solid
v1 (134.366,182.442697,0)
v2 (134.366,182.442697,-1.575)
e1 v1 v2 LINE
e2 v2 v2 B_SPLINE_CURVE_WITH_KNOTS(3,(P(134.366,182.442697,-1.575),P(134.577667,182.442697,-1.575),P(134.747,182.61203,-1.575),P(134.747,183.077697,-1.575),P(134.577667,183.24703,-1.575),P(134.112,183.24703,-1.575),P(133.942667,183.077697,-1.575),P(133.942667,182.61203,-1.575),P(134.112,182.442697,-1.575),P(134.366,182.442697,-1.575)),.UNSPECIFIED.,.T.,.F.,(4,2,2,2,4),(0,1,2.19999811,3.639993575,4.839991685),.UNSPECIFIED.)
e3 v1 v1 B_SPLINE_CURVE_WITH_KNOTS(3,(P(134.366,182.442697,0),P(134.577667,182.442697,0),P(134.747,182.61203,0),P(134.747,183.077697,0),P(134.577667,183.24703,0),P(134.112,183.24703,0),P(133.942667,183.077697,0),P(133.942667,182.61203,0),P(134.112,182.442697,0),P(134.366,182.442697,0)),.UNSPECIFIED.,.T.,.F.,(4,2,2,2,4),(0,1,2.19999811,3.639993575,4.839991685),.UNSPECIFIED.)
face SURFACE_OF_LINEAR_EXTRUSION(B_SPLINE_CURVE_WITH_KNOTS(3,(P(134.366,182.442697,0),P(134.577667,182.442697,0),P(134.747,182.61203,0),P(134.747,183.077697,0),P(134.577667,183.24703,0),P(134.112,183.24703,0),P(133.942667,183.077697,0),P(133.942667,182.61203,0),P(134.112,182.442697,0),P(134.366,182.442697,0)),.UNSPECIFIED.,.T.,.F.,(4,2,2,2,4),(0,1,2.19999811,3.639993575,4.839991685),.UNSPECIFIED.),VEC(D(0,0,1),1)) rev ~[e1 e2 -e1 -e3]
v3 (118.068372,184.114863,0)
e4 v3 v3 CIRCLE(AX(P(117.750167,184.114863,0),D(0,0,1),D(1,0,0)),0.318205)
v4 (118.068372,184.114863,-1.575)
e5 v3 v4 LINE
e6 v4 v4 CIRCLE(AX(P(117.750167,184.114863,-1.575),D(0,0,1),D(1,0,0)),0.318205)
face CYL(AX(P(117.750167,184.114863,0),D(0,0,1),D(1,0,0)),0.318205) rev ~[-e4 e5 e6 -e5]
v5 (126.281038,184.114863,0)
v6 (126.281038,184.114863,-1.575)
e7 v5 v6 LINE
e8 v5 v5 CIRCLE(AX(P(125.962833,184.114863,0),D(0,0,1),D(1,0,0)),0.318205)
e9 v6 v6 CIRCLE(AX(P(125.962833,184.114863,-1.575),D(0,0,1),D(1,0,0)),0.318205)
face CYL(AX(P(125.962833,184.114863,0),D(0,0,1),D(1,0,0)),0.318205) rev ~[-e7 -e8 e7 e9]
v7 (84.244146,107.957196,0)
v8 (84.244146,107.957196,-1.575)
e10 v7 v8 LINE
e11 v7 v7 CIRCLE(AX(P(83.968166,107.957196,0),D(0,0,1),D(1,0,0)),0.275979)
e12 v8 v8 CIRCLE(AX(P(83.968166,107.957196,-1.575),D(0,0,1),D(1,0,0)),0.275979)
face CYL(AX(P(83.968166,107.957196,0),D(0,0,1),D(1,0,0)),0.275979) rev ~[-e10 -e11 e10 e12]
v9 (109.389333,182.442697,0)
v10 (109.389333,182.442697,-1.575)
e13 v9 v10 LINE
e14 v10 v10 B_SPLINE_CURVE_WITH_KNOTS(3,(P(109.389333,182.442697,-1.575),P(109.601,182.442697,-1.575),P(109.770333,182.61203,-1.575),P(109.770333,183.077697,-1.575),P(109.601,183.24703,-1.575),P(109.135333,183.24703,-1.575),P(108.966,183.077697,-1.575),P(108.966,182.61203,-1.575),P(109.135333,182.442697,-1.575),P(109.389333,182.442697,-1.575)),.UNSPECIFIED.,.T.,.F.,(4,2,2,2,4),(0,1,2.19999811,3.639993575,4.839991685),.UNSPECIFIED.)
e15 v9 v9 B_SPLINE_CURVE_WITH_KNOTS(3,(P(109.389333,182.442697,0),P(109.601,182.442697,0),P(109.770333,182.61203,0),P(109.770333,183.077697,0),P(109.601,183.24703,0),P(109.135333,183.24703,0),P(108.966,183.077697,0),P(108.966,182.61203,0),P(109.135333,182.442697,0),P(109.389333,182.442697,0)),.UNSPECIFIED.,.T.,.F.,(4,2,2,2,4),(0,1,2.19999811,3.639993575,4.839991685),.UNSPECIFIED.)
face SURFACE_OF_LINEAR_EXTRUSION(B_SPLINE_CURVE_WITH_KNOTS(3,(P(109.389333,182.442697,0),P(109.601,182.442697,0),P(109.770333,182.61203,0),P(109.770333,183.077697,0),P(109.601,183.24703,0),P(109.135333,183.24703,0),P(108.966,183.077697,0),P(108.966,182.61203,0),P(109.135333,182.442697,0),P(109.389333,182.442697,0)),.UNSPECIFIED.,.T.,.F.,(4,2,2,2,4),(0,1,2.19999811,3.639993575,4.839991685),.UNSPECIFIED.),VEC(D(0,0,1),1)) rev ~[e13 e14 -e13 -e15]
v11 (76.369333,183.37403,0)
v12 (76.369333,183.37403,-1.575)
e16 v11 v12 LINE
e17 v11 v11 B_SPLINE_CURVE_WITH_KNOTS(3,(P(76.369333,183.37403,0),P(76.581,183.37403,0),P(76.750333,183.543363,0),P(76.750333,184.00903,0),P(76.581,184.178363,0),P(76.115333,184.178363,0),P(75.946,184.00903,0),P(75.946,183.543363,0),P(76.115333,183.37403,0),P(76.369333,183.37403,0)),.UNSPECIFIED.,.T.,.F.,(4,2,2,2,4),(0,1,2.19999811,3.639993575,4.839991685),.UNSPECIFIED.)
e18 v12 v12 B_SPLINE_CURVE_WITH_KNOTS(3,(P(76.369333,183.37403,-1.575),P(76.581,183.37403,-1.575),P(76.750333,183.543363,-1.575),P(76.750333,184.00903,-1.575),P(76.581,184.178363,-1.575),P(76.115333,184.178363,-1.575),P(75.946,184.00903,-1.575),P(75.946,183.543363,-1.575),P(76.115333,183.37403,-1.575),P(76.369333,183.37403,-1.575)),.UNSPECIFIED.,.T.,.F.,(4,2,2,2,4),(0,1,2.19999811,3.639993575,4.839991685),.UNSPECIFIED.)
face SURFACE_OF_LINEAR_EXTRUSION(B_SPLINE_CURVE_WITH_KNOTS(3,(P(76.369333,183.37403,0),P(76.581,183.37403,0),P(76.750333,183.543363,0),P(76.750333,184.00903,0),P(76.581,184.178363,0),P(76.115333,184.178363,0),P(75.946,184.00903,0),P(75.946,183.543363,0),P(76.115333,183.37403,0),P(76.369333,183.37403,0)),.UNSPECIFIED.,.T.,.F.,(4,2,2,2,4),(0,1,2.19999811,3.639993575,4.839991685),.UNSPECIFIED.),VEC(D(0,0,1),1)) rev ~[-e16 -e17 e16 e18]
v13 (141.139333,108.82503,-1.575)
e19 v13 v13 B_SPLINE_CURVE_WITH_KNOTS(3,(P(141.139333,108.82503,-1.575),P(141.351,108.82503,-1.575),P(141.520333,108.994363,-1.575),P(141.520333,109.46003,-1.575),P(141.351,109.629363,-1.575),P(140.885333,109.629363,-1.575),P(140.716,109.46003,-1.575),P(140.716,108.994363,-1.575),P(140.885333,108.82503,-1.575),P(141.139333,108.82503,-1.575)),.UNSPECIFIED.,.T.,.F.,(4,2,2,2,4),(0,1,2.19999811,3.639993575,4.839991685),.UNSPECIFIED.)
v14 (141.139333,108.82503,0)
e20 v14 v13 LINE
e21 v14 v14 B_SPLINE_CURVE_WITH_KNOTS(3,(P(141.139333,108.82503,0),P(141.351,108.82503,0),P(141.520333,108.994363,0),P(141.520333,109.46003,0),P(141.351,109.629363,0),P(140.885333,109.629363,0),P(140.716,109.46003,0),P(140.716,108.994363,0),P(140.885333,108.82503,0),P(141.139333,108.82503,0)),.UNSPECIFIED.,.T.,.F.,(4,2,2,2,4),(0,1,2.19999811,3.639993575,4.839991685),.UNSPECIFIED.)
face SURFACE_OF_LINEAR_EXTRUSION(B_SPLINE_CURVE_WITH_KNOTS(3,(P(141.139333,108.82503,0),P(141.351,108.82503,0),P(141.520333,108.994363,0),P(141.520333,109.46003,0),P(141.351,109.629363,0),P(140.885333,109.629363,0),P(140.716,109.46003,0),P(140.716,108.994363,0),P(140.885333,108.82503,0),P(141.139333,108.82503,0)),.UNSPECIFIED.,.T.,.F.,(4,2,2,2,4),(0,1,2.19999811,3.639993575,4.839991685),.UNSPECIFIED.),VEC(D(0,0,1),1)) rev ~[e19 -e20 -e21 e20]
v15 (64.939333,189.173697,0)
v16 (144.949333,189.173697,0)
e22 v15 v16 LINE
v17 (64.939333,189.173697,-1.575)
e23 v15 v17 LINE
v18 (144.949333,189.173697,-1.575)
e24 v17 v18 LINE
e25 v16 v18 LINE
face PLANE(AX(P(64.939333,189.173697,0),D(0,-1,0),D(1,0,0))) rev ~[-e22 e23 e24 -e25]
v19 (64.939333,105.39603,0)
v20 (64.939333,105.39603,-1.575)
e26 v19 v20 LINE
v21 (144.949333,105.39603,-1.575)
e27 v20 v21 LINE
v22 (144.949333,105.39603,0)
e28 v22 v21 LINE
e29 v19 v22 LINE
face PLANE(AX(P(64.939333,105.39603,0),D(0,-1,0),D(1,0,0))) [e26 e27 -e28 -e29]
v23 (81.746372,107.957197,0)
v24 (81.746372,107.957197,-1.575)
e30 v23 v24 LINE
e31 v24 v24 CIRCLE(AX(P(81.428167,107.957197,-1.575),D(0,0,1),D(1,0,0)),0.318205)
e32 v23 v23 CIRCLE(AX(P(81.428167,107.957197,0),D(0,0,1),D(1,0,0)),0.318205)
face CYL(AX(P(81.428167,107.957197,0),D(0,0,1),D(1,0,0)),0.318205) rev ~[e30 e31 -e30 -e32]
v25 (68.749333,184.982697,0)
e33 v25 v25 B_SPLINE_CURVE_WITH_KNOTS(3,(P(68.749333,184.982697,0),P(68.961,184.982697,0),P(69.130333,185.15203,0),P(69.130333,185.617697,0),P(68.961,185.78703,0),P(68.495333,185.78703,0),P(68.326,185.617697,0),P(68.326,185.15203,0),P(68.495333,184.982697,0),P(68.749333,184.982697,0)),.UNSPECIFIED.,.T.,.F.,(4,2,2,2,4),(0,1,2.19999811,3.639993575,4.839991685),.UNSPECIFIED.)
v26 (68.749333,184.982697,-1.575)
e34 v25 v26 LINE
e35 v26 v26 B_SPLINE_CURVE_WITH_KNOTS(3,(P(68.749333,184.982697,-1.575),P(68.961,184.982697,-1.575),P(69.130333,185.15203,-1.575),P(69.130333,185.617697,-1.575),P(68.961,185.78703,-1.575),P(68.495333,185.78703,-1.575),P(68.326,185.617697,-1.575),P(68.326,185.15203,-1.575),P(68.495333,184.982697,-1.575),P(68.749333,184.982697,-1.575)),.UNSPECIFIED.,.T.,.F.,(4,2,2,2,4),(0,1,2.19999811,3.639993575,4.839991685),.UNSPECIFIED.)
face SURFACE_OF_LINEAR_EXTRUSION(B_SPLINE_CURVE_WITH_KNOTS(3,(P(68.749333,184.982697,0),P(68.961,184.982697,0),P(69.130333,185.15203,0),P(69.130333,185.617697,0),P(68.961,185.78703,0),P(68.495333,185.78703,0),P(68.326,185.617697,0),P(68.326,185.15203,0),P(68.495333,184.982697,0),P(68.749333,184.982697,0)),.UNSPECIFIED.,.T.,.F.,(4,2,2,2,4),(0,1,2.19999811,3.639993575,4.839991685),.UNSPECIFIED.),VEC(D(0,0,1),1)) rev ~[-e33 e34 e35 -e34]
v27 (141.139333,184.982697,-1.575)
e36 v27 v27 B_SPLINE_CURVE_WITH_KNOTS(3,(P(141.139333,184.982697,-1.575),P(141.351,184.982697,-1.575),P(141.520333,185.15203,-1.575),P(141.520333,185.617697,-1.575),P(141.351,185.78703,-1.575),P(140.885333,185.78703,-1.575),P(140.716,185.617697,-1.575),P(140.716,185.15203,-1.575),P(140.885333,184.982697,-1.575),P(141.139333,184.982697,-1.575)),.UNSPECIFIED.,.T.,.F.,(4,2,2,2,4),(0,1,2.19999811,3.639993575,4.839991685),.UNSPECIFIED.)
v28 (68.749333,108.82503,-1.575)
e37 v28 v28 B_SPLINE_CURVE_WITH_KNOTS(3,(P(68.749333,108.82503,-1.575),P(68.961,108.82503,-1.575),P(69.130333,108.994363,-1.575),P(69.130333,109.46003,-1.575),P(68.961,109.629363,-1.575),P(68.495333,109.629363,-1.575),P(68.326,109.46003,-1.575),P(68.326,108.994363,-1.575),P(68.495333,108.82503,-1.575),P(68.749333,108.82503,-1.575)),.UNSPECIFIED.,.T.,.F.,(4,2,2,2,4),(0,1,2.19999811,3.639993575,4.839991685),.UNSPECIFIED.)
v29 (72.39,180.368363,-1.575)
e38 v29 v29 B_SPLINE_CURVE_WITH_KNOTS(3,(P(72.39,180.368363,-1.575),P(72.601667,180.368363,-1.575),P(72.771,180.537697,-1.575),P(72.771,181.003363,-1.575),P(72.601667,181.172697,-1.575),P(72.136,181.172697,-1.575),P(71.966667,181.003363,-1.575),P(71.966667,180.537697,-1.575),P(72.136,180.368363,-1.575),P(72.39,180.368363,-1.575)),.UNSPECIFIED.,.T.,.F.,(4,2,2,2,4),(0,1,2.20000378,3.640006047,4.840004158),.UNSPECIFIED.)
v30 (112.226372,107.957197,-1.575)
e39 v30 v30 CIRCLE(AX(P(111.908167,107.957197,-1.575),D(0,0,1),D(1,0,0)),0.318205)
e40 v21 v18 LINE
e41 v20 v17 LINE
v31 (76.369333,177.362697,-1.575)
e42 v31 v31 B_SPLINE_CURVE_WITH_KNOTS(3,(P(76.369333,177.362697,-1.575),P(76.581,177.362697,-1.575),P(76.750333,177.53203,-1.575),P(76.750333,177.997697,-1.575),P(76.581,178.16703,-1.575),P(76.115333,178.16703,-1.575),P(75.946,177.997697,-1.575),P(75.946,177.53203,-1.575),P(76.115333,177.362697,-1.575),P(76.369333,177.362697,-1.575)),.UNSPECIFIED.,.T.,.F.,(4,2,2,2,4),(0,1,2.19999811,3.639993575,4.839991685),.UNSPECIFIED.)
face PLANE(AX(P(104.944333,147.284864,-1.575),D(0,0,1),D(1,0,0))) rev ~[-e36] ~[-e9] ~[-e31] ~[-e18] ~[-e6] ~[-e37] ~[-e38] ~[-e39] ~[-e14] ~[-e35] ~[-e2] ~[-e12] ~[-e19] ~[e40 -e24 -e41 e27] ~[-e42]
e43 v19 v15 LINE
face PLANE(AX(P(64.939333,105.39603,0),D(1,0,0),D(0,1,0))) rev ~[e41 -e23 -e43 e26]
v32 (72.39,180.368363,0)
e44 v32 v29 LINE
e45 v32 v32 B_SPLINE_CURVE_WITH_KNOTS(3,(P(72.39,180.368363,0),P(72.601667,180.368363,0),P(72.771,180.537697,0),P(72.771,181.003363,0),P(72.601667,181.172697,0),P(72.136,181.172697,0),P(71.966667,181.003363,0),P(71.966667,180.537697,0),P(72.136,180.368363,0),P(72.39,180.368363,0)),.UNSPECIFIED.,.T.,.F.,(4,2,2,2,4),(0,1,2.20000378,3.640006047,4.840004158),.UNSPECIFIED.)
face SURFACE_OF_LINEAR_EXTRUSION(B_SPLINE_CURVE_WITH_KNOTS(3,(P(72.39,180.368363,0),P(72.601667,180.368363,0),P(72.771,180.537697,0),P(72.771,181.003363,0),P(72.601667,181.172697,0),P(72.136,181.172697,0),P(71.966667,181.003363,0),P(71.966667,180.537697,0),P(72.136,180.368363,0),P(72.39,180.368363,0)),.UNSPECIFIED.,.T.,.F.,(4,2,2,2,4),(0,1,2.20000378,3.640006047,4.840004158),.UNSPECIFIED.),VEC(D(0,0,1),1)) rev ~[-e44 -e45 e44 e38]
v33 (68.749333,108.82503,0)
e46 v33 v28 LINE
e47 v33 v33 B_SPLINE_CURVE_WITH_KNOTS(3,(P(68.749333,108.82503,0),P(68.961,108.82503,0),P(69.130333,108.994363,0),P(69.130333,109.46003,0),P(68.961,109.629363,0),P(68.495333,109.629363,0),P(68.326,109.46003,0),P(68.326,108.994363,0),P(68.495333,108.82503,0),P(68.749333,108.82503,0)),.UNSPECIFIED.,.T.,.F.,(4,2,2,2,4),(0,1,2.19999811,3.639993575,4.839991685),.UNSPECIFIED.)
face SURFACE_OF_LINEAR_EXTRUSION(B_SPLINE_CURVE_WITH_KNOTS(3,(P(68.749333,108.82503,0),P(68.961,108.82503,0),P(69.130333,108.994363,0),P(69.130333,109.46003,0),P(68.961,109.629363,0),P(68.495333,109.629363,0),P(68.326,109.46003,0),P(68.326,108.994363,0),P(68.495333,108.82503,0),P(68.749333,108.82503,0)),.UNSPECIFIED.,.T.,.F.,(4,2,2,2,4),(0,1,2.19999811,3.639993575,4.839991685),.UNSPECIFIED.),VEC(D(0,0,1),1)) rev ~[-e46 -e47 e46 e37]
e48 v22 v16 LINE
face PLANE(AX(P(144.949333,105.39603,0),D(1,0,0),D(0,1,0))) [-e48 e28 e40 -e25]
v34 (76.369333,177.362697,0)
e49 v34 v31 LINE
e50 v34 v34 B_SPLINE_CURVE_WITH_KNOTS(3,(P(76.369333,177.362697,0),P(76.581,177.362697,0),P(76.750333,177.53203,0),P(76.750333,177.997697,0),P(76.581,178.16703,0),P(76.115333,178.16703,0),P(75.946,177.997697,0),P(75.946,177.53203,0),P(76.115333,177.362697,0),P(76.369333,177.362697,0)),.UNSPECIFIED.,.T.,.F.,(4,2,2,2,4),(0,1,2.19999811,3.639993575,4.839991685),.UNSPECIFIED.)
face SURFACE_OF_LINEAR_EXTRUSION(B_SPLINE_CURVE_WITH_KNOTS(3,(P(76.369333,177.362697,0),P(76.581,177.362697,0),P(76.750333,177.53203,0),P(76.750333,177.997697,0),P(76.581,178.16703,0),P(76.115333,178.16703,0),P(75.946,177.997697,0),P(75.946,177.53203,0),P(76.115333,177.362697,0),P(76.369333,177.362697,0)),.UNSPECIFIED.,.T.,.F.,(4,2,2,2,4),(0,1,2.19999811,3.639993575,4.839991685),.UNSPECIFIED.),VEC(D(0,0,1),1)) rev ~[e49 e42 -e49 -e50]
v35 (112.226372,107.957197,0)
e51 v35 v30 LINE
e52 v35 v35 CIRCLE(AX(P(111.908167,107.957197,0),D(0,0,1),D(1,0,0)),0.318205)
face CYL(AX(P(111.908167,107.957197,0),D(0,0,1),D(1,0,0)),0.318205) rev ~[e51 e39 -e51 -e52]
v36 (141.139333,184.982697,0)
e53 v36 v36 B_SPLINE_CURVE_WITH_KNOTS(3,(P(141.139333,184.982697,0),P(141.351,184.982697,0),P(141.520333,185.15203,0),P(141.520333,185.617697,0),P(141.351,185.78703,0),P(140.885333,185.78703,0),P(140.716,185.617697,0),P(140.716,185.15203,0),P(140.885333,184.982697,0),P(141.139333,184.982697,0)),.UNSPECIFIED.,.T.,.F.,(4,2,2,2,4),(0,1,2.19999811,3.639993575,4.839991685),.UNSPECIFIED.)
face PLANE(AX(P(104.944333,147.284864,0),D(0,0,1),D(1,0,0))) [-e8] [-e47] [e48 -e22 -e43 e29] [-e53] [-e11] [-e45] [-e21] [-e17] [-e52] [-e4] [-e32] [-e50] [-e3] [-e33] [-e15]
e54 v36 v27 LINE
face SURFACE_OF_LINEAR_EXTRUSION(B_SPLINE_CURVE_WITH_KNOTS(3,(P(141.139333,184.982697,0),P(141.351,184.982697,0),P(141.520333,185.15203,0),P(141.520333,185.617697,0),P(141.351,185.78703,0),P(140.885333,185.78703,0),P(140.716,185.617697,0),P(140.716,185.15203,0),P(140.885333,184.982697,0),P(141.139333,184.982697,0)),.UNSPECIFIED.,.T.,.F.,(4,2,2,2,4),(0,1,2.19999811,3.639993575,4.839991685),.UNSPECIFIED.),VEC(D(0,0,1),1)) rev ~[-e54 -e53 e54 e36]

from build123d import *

# Parameters (mm, degrees)
MODEL_W             = 80.01
MODEL_H             = 83.777667
BOSS_EXTRUDE1_DEPTH = 1.575
MODEL_6_R           = 0.318204791
CUT_EXTRUDE4_DEPTH  = 10
MODEL_8_R           = 0.318204729
CUT_EXTRUDE5_DEPTH  = 239.326409502
MODEL_9_R           = 0.27597939
CUT_EXTRUDE6_DEPTH  = 239.326409502
MODEL_10_R          = 0.3182048
CUT_EXTRUDE7_DEPTH  = 239.326409502
MODEL_12_R          = 0.3182048
CUT_EXTRUDE10_DEPTH = 239.326409502


with BuildPart() as part:
    # Model → Boss-Extrude1 (new body)
    with BuildSketch(Plane.XY):
        with Locations((104.944333, 147.2848635)):
            Rectangle(MODEL_W, MODEL_H)
        with BuildLine():
            add(Edge.make_bspline(
                [(76.750333, 177.743697), (76.750333, 177.997697), (76.581, 178.16703), (76.369333, 178.16703)],
                knots=[0, 0, 0, 0, 1, 1, 1, 1], degree=3))
            add(Edge.make_bspline(
                [(76.369333, 178.16703), (76.115333, 178.16703), (75.946, 177.997697), (75.946, 177.743697)],
                knots=[0, 0, 0, 0, 1, 1, 1, 1], degree=3))
            add(Edge.make_bspline(
                [(75.946, 177.743697), (75.946, 177.53203), (76.115333, 177.362697), (76.369333, 177.362697)],
                knots=[0, 0, 0, 0, 1, 1, 1, 1], degree=3))
            add(Edge.make_bspline(
                [(76.369333, 177.362697), (76.581, 177.362697), (76.750333, 177.53203), (76.750333, 177.743697)],
                knots=[0, 0, 0, 0, 1, 1, 1, 1], degree=3))
        make_face(mode=Mode.SUBTRACT)
        with BuildLine():
            add(Edge.make_bspline(
                [(76.750333, 183.75503), (76.750333, 184.00903), (76.581, 184.178363), (76.369333, 184.178363)],
                knots=[0, 0, 0, 0, 1, 1, 1, 1], degree=3))
            add(Edge.make_bspline(
                [(76.369333, 184.178363), (76.115333, 184.178363), (75.946, 184.00903), (75.946, 183.75503)],
                knots=[0, 0, 0, 0, 1, 1, 1, 1], degree=3))
            add(Edge.make_bspline(
                [(75.946, 183.75503), (75.946, 183.543363), (76.115333, 183.37403), (76.369333, 183.37403)],
                knots=[0, 0, 0, 0, 1, 1, 1, 1], degree=3))
            add(Edge.make_bspline(
                [(76.369333, 183.37403), (76.581, 183.37403), (76.750333, 183.543363), (76.750333, 183.75503)],
                knots=[0, 0, 0, 0, 1, 1, 1, 1], degree=3))
        make_face(mode=Mode.SUBTRACT)
        with BuildLine():
            add(Edge.make_bspline(
                [(72.771, 180.749363), (72.771, 181.003363), (72.601667, 181.172697), (72.39, 181.172697)],
                knots=[0, 0, 0, 0, 1, 1, 1, 1], degree=3))
            add(Edge.make_bspline(
                [(72.39, 181.172697), (72.136, 181.172697), (71.966667, 181.003363), (71.966667, 180.749363)],
                knots=[0, 0, 0, 0, 1, 1, 1, 1], degree=3))
            add(Edge.make_bspline(
                [(71.966667, 180.749363), (71.966667, 180.537697), (72.136, 180.368363), (72.39, 180.368363)],
                knots=[0, 0, 0, 0, 1, 1, 1, 1], degree=3))
            add(Edge.make_bspline(
                [(72.39, 180.368363), (72.601667, 180.368363), (72.771, 180.537697), (72.771, 180.749363)],
                knots=[0, 0, 0, 0, 1, 1, 1, 1], degree=3))
        make_face(mode=Mode.SUBTRACT)
        with BuildLine():
            add(Edge.make_bspline(
                [(109.770333, 182.823697), (109.770333, 183.077697), (109.601, 183.24703), (109.389333, 183.24703)],
                knots=[0, 0, 0, 0, 1, 1, 1, 1], degree=3))
            add(Edge.make_bspline(
                [(109.389333, 183.24703), (109.135333, 183.24703), (108.966, 183.077697), (108.966, 182.823697)],
                knots=[0, 0, 0, 0, 1, 1, 1, 1], degree=3))
            add(Edge.make_bspline(
                [(108.966, 182.823697), (108.966, 182.61203), (109.135333, 182.442697), (109.389333, 182.442697)],
                knots=[0, 0, 0, 0, 1, 1, 1, 1], degree=3))
            add(Edge.make_bspline(
                [(109.389333, 182.442697), (109.601, 182.442697), (109.770333, 182.61203), (109.770333, 182.823697)],
                knots=[0, 0, 0, 0, 1, 1, 1, 1], degree=3))
        make_face(mode=Mode.SUBTRACT)
        with BuildLine():
            add(Edge.make_bspline(
                [(134.747, 182.823697), (134.747, 183.077697), (134.577667, 183.24703), (134.366, 183.24703)],
                knots=[0, 0, 0, 0, 1, 1, 1, 1], degree=3))
            add(Edge.make_bspline(
                [(134.366, 183.24703), (134.112, 183.24703), (133.942667, 183.077697), (133.942667, 182.823697)],
                knots=[0, 0, 0, 0, 1, 1, 1, 1], degree=3))
            add(Edge.make_bspline(
                [(133.942667, 182.823697), (133.942667, 182.61203), (134.112, 182.442697), (134.366, 182.442697)],
                knots=[0, 0, 0, 0, 1, 1, 1, 1], degree=3))
            add(Edge.make_bspline(
                [(134.366, 182.442697), (134.577667, 182.442697), (134.747, 182.61203), (134.747, 182.823697)],
                knots=[0, 0, 0, 0, 1, 1, 1, 1], degree=3))
        make_face(mode=Mode.SUBTRACT)
        with BuildLine():
            add(Edge.make_bspline(
                [(141.520333, 109.20603), (141.520333, 109.46003), (141.351, 109.629363), (141.139333, 109.629363)],
                knots=[0, 0, 0, 0, 1, 1, 1, 1], degree=3))
            add(Edge.make_bspline(
                [(141.139333, 109.629363), (140.885333, 109.629363), (140.716, 109.46003), (140.716, 109.20603)],
                knots=[0, 0, 0, 0, 1, 1, 1, 1], degree=3))
            add(Edge.make_bspline(
                [(140.716, 109.20603), (140.716, 108.994363), (140.885333, 108.82503), (141.139333, 108.82503)],
                knots=[0, 0, 0, 0, 1, 1, 1, 1], degree=3))
            add(Edge.make_bspline(
                [(141.139333, 108.82503), (141.351, 108.82503), (141.520333, 108.994363), (141.520333, 109.20603)],
                knots=[0, 0, 0, 0, 1, 1, 1, 1], degree=3))
        make_face(mode=Mode.SUBTRACT)
        with BuildLine():
            add(Edge.make_bspline(
                [(141.520333, 185.363697), (141.520333, 185.617697), (141.351, 185.78703), (141.139333, 185.78703)],
                knots=[0, 0, 0, 0, 1, 1, 1, 1], degree=3))
            add(Edge.make_bspline(
                [(141.139333, 185.78703), (140.885333, 185.78703), (140.716, 185.617697), (140.716, 185.363697)],
                knots=[0, 0, 0, 0, 1, 1, 1, 1], degree=3))
            add(Edge.make_bspline(
                [(140.716, 185.363697), (140.716, 185.15203), (140.885333, 184.982697), (141.139333, 184.982697)],
                knots=[0, 0, 0, 0, 1, 1, 1, 1], degree=3))
            add(Edge.make_bspline(
                [(141.139333, 184.982697), (141.351, 184.982697), (141.520333, 185.15203), (141.520333, 185.363697)],
                knots=[0, 0, 0, 0, 1, 1, 1, 1], degree=3))
        make_face(mode=Mode.SUBTRACT)
        with BuildLine():
            add(Edge.make_bspline(
                [(69.130333, 185.363697), (69.130333, 185.617697), (68.961, 185.78703), (68.749333, 185.78703)],
                knots=[0, 0, 0, 0, 1, 1, 1, 1], degree=3))
            add(Edge.make_bspline(
                [(68.749333, 185.78703), (68.495333, 185.78703), (68.326, 185.617697), (68.326, 185.363697)],
                knots=[0, 0, 0, 0, 1, 1, 1, 1], degree=3))
            add(Edge.make_bspline(
                [(68.326, 185.363697), (68.326, 185.15203), (68.495333, 184.982697), (68.749333, 184.982697)],
                knots=[0, 0, 0, 0, 1, 1, 1, 1], degree=3))
            add(Edge.make_bspline(
                [(68.749333, 184.982697), (68.961, 184.982697), (69.130333, 185.15203), (69.130333, 185.363697)],
                knots=[0, 0, 0, 0, 1, 1, 1, 1], degree=3))
        make_face(mode=Mode.SUBTRACT)
        with BuildLine():
            add(Edge.make_bspline(
                [(69.130333, 109.20603), (69.130333, 109.46003), (68.961, 109.629363), (68.749333, 109.629363)],
                knots=[0, 0, 0, 0, 1, 1, 1, 1], degree=3))
            add(Edge.make_bspline(
                [(68.749333, 109.629363), (68.495333, 109.629363), (68.326, 109.46003), (68.326, 109.20603)],
                knots=[0, 0, 0, 0, 1, 1, 1, 1], degree=3))
            add(Edge.make_bspline(
                [(68.326, 109.20603), (68.326, 108.994363), (68.495333, 108.82503), (68.749333, 108.82503)],
                knots=[0, 0, 0, 0, 1, 1, 1, 1], degree=3))
            add(Edge.make_bspline(
                [(68.749333, 108.82503), (68.961, 108.82503), (69.130333, 108.994363), (69.130333, 109.20603)],
                knots=[0, 0, 0, 0, 1, 1, 1, 1], degree=3))
        make_face(mode=Mode.SUBTRACT)
    extrude(amount=-BOSS_EXTRUDE1_DEPTH)

    # Model_6 → Cut-Extrude4 (cut)
    with BuildSketch(Plane.XY):
        with Locations((125.962833062, 184.114863)):
            Circle(MODEL_6_R)
    extrude(amount=-CUT_EXTRUDE4_DEPTH, mode=Mode.SUBTRACT)

    # Model_8 → Cut-Extrude5 (cut, through all)
    with BuildSketch(Plane.XY):
        with Locations((117.750167, 184.114863)):
            Circle(MODEL_8_R)
    extrude(amount=-CUT_EXTRUDE5_DEPTH, mode=Mode.SUBTRACT)

    # Model_9 → Cut-Extrude6 (cut, through all)
    with BuildSketch(Plane.XY):
        with Locations((83.9681665, 107.9571965)):
            Circle(MODEL_9_R)
    extrude(amount=-CUT_EXTRUDE6_DEPTH, mode=Mode.SUBTRACT)

    # Model_10 → Cut-Extrude7 (cut, through all)
    with BuildSketch(Plane.XY):
        with Locations((111.908167, 107.957197071)):
            Circle(MODEL_10_R)
    extrude(amount=-CUT_EXTRUDE7_DEPTH, mode=Mode.SUBTRACT)

    # Model_12 → Cut-Extrude10 (cut, through all)
    with BuildSketch(Plane.XY):
        with Locations((81.428167, 107.957197071)):
            Circle(MODEL_12_R)
    extrude(amount=-CUT_EXTRUDE10_DEPTH, mode=Mode.SUBTRACT)


solid = part.part
